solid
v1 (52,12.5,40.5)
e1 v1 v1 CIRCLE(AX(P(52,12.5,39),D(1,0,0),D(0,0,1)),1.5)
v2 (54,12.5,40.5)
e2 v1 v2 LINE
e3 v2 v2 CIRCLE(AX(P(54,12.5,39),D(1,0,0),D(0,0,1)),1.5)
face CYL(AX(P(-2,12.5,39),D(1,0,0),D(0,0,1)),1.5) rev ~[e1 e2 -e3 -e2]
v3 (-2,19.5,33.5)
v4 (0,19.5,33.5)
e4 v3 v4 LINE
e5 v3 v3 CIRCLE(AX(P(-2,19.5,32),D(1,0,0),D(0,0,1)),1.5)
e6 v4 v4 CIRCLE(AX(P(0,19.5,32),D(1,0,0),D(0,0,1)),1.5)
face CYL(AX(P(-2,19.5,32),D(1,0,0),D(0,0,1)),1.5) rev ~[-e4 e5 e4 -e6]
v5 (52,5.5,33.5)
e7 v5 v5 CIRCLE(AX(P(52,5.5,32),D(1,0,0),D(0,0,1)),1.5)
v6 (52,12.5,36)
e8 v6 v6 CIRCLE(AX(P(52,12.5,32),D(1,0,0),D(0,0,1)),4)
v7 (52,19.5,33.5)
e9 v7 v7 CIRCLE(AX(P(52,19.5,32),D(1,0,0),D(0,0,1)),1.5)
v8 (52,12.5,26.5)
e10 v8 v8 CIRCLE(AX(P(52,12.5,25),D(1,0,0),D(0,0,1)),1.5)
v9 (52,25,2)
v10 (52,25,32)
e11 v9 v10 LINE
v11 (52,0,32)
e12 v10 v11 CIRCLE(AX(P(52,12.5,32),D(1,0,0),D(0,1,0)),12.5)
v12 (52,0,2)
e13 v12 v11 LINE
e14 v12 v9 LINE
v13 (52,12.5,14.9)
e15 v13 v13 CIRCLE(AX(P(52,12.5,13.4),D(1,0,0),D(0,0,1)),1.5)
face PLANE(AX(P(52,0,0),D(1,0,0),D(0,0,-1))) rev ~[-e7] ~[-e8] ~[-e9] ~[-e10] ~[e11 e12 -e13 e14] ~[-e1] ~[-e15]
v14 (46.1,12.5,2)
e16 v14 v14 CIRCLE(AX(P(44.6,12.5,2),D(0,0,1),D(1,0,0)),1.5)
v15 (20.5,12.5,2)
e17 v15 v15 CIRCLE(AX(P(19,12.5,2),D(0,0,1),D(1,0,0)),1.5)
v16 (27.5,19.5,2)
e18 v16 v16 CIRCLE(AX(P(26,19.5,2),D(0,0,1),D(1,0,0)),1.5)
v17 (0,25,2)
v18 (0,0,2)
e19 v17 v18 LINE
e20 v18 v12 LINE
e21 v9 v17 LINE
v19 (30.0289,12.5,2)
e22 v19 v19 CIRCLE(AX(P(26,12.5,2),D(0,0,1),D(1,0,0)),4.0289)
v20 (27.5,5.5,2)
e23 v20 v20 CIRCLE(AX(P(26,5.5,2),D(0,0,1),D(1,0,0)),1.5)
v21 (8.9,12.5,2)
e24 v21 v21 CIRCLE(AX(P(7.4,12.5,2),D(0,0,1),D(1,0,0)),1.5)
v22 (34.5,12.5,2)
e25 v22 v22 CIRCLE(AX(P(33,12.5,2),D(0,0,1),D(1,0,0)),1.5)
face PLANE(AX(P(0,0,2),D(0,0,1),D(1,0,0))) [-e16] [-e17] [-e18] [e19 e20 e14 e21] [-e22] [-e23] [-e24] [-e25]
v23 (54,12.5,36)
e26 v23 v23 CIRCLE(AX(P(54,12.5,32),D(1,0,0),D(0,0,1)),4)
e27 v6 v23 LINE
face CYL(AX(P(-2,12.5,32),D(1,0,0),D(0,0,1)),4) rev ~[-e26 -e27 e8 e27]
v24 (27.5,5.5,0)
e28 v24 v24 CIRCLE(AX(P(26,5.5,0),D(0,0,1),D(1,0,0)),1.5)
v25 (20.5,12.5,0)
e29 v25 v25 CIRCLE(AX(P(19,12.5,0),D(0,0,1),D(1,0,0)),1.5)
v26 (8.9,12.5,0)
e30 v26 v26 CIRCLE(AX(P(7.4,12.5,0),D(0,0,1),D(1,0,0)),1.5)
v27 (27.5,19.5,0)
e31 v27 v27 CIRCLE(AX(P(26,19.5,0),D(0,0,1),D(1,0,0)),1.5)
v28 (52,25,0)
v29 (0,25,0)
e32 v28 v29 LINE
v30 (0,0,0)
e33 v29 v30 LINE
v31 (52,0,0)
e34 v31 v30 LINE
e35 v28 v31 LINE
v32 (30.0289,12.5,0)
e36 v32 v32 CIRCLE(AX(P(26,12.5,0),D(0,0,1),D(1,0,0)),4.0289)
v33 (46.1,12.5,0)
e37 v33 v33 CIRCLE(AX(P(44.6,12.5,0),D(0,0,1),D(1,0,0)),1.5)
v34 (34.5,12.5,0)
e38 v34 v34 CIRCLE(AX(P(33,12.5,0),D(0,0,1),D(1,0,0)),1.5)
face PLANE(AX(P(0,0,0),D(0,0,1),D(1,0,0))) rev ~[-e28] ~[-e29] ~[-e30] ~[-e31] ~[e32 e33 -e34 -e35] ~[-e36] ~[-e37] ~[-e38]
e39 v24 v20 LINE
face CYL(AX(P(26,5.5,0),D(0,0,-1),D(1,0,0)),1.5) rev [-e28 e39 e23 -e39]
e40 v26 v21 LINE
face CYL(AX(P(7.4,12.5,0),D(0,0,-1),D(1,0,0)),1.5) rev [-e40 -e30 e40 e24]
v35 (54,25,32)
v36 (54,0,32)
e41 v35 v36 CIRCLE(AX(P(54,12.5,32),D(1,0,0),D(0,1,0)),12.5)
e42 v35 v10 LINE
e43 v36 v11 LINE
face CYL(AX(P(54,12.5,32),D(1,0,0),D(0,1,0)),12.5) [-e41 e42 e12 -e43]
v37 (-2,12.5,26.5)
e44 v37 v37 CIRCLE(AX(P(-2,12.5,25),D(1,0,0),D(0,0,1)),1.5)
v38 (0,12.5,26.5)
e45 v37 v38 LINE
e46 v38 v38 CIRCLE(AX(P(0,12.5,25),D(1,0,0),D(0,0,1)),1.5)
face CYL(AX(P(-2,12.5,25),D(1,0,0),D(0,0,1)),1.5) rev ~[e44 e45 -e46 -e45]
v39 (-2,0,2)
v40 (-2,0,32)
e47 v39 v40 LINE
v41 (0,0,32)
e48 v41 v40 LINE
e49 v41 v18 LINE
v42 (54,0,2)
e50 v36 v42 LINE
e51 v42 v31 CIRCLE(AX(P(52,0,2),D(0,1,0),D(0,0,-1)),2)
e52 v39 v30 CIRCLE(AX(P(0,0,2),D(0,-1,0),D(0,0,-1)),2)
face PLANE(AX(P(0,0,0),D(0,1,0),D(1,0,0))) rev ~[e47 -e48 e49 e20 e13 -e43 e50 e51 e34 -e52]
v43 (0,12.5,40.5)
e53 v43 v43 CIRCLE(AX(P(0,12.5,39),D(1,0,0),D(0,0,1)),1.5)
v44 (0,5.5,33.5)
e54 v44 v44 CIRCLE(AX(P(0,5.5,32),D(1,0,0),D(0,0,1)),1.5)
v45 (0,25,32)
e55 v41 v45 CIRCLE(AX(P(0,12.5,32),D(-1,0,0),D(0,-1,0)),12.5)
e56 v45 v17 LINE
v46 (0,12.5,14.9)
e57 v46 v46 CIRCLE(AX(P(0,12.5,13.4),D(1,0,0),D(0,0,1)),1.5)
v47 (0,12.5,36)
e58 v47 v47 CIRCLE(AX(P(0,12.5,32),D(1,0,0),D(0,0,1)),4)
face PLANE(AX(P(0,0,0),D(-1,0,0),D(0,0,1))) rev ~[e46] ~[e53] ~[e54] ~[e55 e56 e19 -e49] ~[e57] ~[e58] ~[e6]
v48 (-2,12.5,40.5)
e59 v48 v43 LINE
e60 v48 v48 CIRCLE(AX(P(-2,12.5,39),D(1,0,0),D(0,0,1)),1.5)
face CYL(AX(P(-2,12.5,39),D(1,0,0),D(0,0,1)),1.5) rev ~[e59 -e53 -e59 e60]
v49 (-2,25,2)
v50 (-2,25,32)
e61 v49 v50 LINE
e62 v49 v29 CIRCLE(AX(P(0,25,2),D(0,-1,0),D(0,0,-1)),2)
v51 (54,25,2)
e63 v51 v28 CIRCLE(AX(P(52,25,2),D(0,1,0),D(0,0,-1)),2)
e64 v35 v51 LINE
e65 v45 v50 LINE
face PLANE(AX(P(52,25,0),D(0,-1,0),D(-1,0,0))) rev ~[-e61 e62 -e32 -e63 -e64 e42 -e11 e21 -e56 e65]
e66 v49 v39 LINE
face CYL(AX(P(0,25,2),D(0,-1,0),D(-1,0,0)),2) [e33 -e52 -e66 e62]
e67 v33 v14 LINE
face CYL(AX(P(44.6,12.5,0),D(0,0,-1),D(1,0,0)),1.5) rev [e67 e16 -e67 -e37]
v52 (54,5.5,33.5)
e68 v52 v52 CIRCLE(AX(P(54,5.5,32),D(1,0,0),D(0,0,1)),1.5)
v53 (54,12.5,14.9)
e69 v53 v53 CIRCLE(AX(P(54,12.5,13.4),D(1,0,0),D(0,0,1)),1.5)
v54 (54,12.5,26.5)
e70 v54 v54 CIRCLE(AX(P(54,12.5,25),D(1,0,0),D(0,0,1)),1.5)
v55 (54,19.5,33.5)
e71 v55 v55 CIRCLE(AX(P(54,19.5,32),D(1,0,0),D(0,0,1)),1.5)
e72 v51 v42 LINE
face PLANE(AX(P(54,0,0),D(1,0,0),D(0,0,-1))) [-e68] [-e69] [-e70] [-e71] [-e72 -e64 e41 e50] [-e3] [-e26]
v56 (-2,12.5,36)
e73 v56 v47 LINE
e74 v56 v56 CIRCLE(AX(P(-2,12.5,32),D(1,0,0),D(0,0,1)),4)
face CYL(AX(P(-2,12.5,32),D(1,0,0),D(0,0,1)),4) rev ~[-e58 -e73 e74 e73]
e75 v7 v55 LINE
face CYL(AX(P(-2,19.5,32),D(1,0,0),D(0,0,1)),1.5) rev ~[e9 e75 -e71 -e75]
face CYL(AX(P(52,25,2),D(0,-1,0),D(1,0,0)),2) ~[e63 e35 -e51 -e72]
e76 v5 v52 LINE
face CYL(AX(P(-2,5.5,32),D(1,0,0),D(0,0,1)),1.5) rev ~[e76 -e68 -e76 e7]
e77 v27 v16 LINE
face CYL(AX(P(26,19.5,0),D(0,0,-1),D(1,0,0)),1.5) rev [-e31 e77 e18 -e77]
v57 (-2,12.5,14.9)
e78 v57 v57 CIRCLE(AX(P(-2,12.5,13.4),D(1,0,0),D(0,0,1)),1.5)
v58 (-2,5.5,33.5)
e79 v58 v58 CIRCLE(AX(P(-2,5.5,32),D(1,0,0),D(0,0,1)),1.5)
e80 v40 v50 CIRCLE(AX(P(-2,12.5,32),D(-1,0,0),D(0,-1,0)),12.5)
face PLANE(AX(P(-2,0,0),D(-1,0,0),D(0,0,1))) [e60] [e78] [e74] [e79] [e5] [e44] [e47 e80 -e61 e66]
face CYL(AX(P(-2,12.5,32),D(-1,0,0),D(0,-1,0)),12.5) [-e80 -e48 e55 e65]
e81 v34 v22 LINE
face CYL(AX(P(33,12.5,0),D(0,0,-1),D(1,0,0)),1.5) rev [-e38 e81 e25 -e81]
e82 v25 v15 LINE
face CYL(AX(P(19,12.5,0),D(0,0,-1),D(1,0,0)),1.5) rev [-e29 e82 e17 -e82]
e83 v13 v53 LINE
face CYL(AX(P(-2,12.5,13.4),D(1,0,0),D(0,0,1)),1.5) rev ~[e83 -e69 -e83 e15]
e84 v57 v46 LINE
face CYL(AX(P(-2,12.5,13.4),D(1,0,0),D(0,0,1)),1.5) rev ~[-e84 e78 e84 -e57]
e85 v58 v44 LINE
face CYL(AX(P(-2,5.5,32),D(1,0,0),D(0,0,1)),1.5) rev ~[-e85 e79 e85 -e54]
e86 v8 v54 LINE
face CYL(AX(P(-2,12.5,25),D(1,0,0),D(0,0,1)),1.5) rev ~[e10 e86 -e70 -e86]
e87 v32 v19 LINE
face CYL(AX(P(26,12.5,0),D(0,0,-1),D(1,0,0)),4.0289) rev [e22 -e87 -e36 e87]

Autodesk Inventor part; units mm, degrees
ref_plane "YZ Plane" through (0, 0, 0) normal (1, 0, 0) x (0, 1, 0)
ref_plane "XZ Plane" through (0, 0, 0) normal (0, 1, 0) x (-1, 0, 0)
ref_plane "XY Plane" through (0, 0, 0) normal (0, 0, 1) x (1, 0, 0)
sketch "Sketch1" plane through (0, 0, 0) normal (0, 0, 1) x (1, 0, 0)
  line L0 (0, 0) -> (52, 0)
  line L1 (52, 0) -> (52, 25)
  line L2 (52, 25) -> (0, 25)
  line L3 (0, 25) -> (0, 0)
  circle A0 centre (26, 19.5) radius 1.5
  circle A1 centre (19, 12.5) radius 1.5
  circle A2 centre (33, 12.5) radius 1.5
  circle A3 centre (26, 5.5) radius 1.5
  circle A4 centre (7.4, 12.5) radius 1.5
  circle A5 centre (44.6, 12.5) radius 1.5
  circle A6 centre (26, 12.5) radius 4.0289
  line L4 (52, 25) -> (54, 25)
  line L5 (54, 25) -> (54, 0)
  line L6 (54, 0) -> (52, 0)
  line L7 (52, 0) -> (52, 25)
  line L8 (0, 25) -> (-2, 25)
  line L9 (-2, 25) -> (-2, 0)
  line L10 (-2, 0) -> (0, 0)
  line L11 (0, 0) -> (0, 25)
  dimension "d0" = 52
  dimension "d1" = 25
  dimension "d2" = 3
  dimension "d3" = 3
  dimension "d4" = 3
  dimension "d5" = 3
  dimension "d6" = 3
  dimension "d7" = 3
  dimension "d9" = 7.4
  dimension "d10" = 7.4
  dimension "d11" = 26
  dimension "d13" = 2
  dimension "d14" = 2
extrude "Extrusion1" add sketch "Sketch1" along normal blind 2 contours L3 L2 L1 L0
extrude "Extrusion2" add sketch "Sketch1" along normal blind 3 contours L10 L9 L8 L3 | L1 L4 L5 L6
sketch "Sketch2" plane through (0, 0, 3) normal (0, 0, 1) x (1, 0, 0)
  line L0 (54, 25) -> (-2, 25) projected
  line L1 (0, 0) -> (0, 25) projected
  line L2 (-2, 25) -> (0, 25)
  line L3 (0, 25) -> (0, 0)
  line L4 (0, 0) -> (-2, 0)
  line L5 (-2, 0) -> (-2, 25)
  line L6 (52, 25) -> (52, 0) projected
  line L7 (54, 0) -> (54, 25) projected
  line L8 (52, 25) -> (54, 25)
  line L9 (54, 25) -> (54, 0)
  line L10 (54, 0) -> (52, 0)
  line L11 (52, 0) -> (52, 25)
extrude "Extrusion3" add sketch "Sketch2" along normal blind 29
sketch "Sketch3" plane through (54, 0, 0) normal (1, 0, 0) x (0, 0, -1)
  line L0 (-32, 0) -> (-32, 25) projected
  line L1 (-2, 25) -> (-32, 25) projected
  line L2 (-2, 0) -> (-32, 0) projected
  arc A0 (-32, 25) -> (-32, 0) centre (-32, 12.5) ccw
  line L3 (-32, 0) -> (-32, 25) projected
  point P0 (0, 0)
  dimension "d22" = 12.5
extrude "Extrusion4" add sketch "Sketch3" against normal blind 2
sketch "Sketch4" plane through (-2, 0, 0) normal (-1, 0, 0) x (0, 0, 1)
  arc A0 (32, 0) -> (32, 25) centre (32, 12.5) ccw projected
  line L0 (2, 25) -> (32, 25) projected
  arc A1 (32, 0) -> (32, 25) centre (32, 12.5) ccw
  line L1 (32, 25) -> (32, 0)
  point P0 (0, 0)
extrude "Extrusion5" add sketch "Sketch4" against normal blind 2
fillet "Fillet1" radius 2 2 edges at (54, 12.5, 0) (-2, 12.5, 0)
sketch "Sketch5" plane through (-2, 12.5, 32) normal (-1, 0, 0) x (0, 0, 1)
  circle A0 centre (0, 0) radius 4
  circle A1 centre (0, 0) radius 7
  circle A2 centre (0, 7) radius 1.5
  circle A3 centre (-7, 0) radius 1.5
  circle A4 centre (0, -7) radius 1.5
  circle A5 centre (7, 0) radius 1.5
  circle A6 centre (-18.6, 0) radius 1.3978
  point P0 (-32, -12.5)
  dimension "d29" = 14
  dimension "d28" = 8
  dimension "d32" = 360
  dimension "d34" = 3
  dimension "d35" = 18.6
hole "Hole1" at (-2, 12.5, 32) at (-2, 12.5, 25) at (-2, 19.5, 32) at (-2, 12.5, 39) at (-2, 5.5, 32) at (-2, 12.5, 13.4) direction (1, 0, 0) diameter 3 end through all
hole "Hole2" at (-2, 12.5, 32) direction (1, 0, 0) diameter 8 end through all
properties part number "Bracket U CORTO"
